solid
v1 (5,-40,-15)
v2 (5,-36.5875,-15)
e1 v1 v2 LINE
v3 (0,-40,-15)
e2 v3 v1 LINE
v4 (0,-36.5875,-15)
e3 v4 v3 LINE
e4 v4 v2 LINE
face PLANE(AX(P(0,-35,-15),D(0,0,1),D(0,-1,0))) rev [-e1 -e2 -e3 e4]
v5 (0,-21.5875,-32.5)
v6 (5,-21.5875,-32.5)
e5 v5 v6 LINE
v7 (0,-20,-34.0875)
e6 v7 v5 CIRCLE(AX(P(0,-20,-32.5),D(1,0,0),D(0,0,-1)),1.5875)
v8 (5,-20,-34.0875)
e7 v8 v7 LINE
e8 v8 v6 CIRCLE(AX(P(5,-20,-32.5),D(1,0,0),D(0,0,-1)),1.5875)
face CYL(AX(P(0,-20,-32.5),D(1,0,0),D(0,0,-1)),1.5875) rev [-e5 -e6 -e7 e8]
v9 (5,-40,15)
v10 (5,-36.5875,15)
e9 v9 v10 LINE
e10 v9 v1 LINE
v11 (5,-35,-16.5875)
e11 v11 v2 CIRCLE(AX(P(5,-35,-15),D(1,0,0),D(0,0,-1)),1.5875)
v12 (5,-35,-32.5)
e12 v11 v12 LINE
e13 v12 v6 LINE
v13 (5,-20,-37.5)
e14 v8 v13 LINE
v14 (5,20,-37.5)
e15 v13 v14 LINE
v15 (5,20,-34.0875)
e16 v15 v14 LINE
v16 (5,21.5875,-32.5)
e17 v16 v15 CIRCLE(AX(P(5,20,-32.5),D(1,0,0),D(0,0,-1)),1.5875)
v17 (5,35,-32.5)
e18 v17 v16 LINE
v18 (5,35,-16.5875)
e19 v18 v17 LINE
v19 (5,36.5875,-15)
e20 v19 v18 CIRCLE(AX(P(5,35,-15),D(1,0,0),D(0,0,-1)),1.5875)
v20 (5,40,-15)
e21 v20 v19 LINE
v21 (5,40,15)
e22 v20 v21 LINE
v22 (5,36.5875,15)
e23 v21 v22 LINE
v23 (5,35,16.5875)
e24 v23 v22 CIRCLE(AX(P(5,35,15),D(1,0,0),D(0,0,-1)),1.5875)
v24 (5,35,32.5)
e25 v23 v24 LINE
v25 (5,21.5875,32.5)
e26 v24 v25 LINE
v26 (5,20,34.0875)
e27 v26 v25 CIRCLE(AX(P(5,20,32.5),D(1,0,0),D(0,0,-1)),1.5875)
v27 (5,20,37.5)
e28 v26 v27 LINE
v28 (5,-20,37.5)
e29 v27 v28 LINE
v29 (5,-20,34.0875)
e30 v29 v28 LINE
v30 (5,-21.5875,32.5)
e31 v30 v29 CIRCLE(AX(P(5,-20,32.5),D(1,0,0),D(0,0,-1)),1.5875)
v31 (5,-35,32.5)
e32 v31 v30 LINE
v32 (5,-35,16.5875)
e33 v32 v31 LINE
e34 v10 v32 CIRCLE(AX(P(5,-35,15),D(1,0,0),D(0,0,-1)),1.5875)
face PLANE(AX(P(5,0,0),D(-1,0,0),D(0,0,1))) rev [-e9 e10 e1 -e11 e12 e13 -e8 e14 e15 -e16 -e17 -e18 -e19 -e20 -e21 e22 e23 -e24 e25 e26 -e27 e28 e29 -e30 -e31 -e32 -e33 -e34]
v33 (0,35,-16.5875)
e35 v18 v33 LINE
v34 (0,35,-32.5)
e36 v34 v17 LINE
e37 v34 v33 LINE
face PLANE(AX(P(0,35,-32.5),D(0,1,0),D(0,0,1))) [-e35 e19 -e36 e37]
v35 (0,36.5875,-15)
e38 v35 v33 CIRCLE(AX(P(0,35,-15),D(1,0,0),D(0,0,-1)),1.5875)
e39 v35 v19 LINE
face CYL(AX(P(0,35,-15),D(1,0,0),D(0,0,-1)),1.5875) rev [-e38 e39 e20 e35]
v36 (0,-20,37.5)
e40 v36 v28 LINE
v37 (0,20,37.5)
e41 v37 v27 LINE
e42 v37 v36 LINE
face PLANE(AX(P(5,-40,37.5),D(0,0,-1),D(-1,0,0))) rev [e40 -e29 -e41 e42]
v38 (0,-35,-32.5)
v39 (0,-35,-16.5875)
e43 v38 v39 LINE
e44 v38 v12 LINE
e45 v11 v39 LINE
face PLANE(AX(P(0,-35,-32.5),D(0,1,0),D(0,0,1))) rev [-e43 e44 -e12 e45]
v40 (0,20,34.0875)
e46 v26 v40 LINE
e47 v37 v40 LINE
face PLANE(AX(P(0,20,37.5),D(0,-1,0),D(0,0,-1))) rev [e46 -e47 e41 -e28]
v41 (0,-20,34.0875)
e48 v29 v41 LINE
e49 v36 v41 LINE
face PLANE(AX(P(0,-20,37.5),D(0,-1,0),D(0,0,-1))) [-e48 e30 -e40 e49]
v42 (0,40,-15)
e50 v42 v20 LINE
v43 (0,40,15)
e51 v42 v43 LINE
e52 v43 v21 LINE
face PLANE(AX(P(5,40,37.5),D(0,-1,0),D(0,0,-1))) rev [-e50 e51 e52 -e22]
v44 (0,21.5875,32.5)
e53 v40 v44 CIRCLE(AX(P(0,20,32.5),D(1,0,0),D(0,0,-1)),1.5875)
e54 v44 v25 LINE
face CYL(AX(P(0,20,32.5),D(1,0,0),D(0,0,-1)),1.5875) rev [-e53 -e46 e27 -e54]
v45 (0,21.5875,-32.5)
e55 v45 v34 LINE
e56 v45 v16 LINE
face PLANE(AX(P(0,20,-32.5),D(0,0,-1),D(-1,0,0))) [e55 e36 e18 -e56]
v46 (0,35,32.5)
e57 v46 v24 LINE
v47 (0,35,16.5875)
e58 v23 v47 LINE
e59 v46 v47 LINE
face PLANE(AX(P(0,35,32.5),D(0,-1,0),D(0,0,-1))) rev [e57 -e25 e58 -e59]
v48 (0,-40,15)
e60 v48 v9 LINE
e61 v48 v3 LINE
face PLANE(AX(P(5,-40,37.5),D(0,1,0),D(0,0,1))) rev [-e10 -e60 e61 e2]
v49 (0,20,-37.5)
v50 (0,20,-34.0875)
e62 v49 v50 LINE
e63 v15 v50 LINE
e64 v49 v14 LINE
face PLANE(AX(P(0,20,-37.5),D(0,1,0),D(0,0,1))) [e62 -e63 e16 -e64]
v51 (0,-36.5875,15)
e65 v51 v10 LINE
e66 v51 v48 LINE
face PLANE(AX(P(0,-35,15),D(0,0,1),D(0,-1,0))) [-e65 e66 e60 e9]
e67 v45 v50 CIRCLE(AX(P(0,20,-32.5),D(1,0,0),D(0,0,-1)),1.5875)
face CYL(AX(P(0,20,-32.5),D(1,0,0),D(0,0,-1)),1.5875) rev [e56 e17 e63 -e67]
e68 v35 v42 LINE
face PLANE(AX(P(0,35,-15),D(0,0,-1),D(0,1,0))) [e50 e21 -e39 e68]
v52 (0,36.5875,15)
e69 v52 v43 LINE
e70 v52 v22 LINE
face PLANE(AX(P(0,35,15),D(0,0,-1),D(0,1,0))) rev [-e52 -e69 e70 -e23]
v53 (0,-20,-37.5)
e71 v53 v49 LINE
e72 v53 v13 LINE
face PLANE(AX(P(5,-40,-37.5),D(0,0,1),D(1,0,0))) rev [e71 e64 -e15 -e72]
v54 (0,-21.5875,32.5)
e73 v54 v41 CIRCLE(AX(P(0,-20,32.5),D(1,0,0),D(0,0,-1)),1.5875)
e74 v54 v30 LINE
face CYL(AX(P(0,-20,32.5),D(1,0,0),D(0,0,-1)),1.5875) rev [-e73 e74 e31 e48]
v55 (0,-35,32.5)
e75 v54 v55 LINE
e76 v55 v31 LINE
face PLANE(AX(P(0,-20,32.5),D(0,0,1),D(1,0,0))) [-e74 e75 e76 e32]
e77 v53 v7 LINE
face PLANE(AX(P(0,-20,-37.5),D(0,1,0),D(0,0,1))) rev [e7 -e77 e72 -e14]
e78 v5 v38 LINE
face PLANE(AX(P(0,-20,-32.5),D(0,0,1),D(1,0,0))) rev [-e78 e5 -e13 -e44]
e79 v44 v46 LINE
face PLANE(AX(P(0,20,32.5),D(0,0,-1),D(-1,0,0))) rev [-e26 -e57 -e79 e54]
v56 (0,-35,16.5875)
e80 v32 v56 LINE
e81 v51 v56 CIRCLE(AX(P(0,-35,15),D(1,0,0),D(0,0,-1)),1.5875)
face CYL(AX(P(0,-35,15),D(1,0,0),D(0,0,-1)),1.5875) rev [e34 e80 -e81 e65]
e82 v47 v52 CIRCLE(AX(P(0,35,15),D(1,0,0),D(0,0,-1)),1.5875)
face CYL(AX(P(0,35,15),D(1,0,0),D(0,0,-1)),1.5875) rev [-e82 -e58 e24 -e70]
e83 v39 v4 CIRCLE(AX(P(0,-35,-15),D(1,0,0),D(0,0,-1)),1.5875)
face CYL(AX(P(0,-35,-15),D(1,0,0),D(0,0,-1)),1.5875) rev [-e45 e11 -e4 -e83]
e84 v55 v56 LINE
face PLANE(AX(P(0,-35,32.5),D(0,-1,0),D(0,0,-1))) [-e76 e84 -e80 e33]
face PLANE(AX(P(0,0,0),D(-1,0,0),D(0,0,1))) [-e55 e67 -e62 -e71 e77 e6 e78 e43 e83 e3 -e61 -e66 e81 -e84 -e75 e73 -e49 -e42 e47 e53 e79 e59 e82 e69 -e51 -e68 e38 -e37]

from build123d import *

# Parameters (mm, degrees)
SKETCH1_W                                = 75
SKETCH1_H                                = 80
BOSS_EXTRUDE1_DEPTH                      = 5
CUT_EXTRUDE1_START                       = -6
CUT_EXTRUDE1_DEPTH                       = 7
MIRROR1_START                            = -6
MIRROR1_AT_THE_SECOND_PLANE_COPY_1_DEPTH = 7
SKETCH4_R                                = 1.5875
CUT_EXTRUDE2_DEPTH                       = 6


with BuildPart() as part:
    # Sketch1 → Boss-Extrude1 (new body)
    with BuildSketch(Plane(origin=(0, 0, 0), x_dir=(0, 0, -1), z_dir=(1, 0, 0))):
        Rectangle(SKETCH1_W, SKETCH1_H)
    extrude(amount=BOSS_EXTRUDE1_DEPTH)

    # Sketch3 → Cut-Extrude1 (cut)
    with BuildSketch(Plane(origin=(5, 0, 0), x_dir=(0, 0, -1), z_dir=(1, 0, 0)).offset(CUT_EXTRUDE1_START)):
        Polygon((-37.5, 20), (-32.5, 20), (-32.5, 35), (-15, 35), (-15, 40), (-37.5, 40), align=None)
    cut_extrude1 = extrude(amount=CUT_EXTRUDE1_DEPTH, mode=Mode.SUBTRACT)

    # Mirror1: Cut-Extrude1 across plane
    add(cut_extrude1.mirror(Plane.XY), mode=Mode.SUBTRACT)

    # Mirror1 at the second plane: Cut-Extrude1 across plane
    add(cut_extrude1.mirror(Plane.ZX), mode=Mode.SUBTRACT)

    # Mirror1 at the second plane copy 1 sketc → Mirror1 at the second plane copy 1 (cut)
    with BuildSketch(Plane(origin=(5, 0, 0), x_dir=(0, 0, 1), z_dir=(1, 0, 0)).offset(MIRROR1_START)):
        Polygon((-37.5, 20), (-32.5, 20), (-32.5, 35), (-15, 35), (-15, 40), (-37.5, 40), align=None)
    extrude(amount=MIRROR1_AT_THE_SECOND_PLANE_COPY_1_DEPTH, mode=Mode.SUBTRACT)

    # Sketch4 → Cut-Extrude2 (cut, through all)
    with BuildSketch(Plane(origin=(5, 0, 0), x_dir=(0, 0, -1), z_dir=(1, 0, 0))):
        with Locations((-15, 35)):
            Circle(SKETCH4_R)
        with Locations((15, 35)):
            Circle(SKETCH4_R)
        with Locations((32.5, 20)):
            Circle(SKETCH4_R)
        with Locations((32.5, -20)):
            Circle(SKETCH4_R)
        with Locations((15, -35)):
            Circle(SKETCH4_R)
        with Locations((-15, -35)):
            Circle(SKETCH4_R)
        with Locations((-32.5, -20)):
            Circle(SKETCH4_R)
        with Locations((-32.5, 20)):
            Circle(SKETCH4_R)
    extrude(amount=-CUT_EXTRUDE2_DEPTH, mode=Mode.SUBTRACT)


solid = part.part
